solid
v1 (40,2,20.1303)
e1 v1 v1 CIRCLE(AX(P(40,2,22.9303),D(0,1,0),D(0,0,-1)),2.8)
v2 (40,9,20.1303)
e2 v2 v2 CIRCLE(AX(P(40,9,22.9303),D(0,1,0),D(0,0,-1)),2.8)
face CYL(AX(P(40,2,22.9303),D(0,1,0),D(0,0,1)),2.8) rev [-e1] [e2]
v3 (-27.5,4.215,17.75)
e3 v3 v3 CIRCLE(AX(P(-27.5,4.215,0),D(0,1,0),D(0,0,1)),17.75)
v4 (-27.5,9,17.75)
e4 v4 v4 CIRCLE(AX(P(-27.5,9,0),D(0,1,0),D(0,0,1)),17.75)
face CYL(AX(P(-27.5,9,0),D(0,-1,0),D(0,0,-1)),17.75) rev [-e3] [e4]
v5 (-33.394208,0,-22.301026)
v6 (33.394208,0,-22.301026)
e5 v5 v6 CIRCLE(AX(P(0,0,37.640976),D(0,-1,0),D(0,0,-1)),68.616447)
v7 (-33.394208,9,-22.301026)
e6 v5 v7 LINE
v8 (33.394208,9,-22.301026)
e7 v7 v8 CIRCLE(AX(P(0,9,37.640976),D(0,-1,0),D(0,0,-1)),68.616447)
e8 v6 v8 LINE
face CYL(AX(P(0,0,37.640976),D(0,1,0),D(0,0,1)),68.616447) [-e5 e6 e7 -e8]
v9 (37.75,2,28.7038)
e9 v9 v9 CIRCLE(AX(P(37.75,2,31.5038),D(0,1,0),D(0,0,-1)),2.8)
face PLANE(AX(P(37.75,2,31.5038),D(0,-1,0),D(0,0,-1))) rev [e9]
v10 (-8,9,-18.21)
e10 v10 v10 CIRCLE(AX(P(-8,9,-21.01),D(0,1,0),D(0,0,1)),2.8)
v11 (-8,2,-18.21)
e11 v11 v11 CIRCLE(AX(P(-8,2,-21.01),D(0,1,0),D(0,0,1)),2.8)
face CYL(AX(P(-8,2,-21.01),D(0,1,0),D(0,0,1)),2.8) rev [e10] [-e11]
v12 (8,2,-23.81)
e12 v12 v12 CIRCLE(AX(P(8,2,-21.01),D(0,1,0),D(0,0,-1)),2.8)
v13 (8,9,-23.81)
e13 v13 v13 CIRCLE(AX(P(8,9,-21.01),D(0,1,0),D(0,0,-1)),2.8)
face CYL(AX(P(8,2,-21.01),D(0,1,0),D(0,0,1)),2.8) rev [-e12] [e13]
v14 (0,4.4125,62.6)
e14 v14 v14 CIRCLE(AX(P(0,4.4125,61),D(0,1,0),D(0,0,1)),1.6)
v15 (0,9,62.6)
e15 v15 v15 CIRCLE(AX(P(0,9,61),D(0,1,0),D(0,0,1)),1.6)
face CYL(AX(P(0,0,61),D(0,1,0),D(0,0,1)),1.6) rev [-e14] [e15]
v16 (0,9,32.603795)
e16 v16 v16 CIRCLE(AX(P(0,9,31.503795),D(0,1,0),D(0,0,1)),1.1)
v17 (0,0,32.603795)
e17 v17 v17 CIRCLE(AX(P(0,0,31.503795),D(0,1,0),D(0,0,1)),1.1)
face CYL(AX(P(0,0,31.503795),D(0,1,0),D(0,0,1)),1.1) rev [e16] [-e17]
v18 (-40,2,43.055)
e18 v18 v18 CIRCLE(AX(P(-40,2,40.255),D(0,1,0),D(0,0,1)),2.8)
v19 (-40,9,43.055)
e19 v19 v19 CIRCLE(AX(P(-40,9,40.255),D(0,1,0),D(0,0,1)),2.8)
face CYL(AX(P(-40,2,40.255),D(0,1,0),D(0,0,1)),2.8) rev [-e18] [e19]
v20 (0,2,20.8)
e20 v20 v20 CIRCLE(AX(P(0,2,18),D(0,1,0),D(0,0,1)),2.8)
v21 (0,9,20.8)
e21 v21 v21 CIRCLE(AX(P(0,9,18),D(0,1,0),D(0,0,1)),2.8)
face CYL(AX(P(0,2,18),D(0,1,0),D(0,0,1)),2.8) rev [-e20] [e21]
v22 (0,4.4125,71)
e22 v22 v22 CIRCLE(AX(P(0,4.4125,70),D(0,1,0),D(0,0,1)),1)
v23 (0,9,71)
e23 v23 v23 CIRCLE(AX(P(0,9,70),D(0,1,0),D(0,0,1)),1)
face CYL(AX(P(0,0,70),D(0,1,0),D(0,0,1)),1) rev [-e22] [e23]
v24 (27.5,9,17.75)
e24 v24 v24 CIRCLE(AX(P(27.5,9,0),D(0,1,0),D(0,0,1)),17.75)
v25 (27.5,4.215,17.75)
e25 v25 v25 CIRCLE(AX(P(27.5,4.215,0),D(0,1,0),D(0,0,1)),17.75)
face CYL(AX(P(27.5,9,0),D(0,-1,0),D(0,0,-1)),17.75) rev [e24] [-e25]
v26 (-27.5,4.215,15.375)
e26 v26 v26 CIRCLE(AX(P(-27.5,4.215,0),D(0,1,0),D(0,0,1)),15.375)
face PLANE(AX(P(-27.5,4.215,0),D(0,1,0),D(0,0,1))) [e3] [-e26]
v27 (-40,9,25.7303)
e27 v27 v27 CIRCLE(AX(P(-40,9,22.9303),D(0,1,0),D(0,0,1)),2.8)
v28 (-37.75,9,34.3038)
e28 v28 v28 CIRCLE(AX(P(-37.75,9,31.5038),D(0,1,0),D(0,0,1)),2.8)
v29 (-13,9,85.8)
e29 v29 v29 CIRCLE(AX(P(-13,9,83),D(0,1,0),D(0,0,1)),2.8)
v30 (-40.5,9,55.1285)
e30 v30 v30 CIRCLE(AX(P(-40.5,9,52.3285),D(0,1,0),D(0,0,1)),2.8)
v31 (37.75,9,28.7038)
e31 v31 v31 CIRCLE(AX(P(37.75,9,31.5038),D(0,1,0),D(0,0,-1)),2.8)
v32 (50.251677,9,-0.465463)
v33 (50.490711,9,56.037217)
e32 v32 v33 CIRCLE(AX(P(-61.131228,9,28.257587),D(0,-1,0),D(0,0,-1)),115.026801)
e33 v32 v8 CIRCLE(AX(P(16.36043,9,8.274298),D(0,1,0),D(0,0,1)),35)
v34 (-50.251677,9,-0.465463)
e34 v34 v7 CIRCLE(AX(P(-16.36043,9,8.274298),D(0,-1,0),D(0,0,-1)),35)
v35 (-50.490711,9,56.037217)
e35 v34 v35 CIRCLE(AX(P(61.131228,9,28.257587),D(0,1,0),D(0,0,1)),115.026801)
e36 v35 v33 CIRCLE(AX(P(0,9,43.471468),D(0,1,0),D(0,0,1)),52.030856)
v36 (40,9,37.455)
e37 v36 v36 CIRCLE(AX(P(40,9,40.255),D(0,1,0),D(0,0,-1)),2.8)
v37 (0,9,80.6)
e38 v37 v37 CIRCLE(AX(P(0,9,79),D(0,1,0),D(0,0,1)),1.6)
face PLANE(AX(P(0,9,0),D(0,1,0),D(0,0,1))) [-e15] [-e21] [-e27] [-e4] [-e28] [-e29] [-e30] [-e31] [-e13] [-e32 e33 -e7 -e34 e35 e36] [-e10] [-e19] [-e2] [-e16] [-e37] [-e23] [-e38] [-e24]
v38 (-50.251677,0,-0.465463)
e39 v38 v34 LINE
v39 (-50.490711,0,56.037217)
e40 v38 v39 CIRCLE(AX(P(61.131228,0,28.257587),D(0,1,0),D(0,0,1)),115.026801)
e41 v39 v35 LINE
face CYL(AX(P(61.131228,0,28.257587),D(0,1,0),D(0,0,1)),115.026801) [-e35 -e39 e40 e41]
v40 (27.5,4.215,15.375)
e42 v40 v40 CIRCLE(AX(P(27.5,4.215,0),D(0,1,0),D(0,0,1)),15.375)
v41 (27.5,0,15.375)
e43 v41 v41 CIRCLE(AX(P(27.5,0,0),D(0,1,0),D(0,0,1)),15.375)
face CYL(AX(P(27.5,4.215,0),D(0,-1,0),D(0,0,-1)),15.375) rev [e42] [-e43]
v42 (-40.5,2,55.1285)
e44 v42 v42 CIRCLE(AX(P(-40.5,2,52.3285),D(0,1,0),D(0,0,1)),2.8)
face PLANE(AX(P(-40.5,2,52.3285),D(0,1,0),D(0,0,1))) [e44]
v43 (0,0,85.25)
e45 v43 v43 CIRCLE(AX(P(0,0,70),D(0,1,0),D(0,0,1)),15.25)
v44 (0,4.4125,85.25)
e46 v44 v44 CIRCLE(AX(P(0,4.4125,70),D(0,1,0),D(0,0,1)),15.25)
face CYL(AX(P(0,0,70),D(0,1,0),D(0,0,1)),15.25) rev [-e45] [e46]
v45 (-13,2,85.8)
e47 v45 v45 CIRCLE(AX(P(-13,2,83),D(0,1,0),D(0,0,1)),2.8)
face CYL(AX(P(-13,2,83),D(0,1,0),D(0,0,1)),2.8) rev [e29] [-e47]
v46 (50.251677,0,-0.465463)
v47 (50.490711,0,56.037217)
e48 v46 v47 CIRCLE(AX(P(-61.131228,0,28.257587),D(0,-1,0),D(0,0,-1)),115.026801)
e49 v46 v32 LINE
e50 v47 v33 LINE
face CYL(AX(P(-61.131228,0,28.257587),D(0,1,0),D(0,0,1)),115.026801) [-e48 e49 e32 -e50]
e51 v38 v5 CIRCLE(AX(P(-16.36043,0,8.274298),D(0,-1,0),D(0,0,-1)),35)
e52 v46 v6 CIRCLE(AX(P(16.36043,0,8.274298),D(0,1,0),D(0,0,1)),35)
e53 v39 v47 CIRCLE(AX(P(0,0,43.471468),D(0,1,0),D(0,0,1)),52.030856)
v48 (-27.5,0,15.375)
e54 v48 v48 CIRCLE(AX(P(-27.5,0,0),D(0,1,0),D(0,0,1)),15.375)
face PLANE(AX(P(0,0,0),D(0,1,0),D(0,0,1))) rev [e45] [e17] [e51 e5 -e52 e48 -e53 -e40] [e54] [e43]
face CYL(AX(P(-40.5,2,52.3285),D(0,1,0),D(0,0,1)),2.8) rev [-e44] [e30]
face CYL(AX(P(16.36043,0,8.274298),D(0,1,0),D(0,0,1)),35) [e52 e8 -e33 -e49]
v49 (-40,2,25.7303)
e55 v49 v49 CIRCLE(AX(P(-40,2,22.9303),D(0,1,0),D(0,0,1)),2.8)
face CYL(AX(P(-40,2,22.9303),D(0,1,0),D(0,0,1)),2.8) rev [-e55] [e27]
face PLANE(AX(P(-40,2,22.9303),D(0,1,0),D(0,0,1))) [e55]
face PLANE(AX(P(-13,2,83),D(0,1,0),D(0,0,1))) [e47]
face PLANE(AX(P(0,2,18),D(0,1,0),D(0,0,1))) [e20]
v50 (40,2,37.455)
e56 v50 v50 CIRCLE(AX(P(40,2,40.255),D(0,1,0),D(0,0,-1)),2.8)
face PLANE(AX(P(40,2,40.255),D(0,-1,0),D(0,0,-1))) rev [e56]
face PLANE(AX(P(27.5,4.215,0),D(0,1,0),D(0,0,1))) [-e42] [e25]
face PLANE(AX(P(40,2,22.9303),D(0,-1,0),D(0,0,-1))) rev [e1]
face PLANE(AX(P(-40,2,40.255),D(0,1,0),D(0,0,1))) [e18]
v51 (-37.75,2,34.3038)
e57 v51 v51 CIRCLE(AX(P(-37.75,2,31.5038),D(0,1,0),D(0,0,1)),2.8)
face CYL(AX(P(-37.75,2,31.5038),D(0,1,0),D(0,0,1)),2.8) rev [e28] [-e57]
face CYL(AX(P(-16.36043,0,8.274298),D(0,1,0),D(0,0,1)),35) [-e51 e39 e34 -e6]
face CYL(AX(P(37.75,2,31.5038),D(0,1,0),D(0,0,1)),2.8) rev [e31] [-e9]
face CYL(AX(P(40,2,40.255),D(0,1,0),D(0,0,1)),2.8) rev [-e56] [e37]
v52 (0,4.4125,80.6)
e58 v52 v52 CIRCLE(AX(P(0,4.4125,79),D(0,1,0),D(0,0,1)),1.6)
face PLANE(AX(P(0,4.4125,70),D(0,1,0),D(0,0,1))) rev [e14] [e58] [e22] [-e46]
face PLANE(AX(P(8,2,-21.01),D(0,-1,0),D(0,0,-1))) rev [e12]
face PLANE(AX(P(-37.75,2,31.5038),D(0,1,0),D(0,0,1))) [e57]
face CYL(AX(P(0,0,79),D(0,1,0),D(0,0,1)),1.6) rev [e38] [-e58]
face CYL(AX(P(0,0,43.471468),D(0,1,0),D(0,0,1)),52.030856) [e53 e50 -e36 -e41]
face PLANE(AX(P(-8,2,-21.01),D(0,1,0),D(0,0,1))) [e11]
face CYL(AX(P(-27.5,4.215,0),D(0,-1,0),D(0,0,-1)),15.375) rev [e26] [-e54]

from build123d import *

# Parameters (mm, degrees)
SKETCH1_R                     = 20
SKETCH1_R_2                   = 17.75
BOSS_EXTRUDE1_DEPTH           = 9
SKETCH2_R                     = 17.75
SKETCH2_R_2                   = 15.375
BOSS_EXTRUDE3_DEPTH           = 4.215
SKETCH4_R                     = 2.8
M3_TAPPING_INSERT_HOLES_DEPTH = 7
EXTRUDE_THIN2_START           = -9
EXTRUDE_THIN2_DEPTH           = 9
THUMB_KNUCKLE_HOLE_START      = -4.5875
SKETCH7_R                     = 15.25
THUMB_KNUCKLE_HOLE_DEPTH      = 106.441707798
SKETCH8_R                     = 1
SKETCH8_R_2                   = 1.6
THUMB_THROUGH_HOLE_S_DEPTH    = 111.029207798
SKETCH9_R                     = 1.1
CENTER_SCREW_THROUGH_DEPTH    = 111.029207798


with BuildPart() as part:
    # Sketch1 → Boss-Extrude1 (new body)
    # profile 1 of 3: a face of its own
    with BuildSketch(Plane(origin=(0, 0, 0), x_dir=(1, 0, 0), z_dir=(0, 1, 0))):
        with BuildLine():
            ThreePointArc((46.554987721, 6.075149623), (47.262334812, 3.074105201), (47.5, 0))
            ThreePointArc((47.5, 0), (9.667891023, -9.056262443), (39.298411056, 16.149225881))
            ThreePointArc((39.298411056, 16.149225881), (0, 28.975470321), (-39.298411056, 16.149225881))
            ThreePointArc((-39.298411056, 16.149225881), (-18.443737557, 17.832108977), (-7.5, 0))
            ThreePointArc((-7.5, 0), (-30.574105201, -19.762334812), (-46.554987721, 6.075149623))
            ThreePointArc((-46.554987721, 6.075149623), (-51.83640533, -24.60085732), (-48.549912051, -55.554205053))
            ThreePointArc((-48.549912051, -55.554205053), (0, -93.502323139), (48.549912051, -55.554205053))
            ThreePointArc((48.549912051, -55.554205053), (51.83640533, -24.60085732), (46.554987721, 6.075149623))
        make_face()
    # profile 2 of 3: a face of its own
    with BuildSketch(Plane(origin=(0, 0, 0), x_dir=(1, 0, 0), z_dir=(0, 1, 0))):
        with Locations((-27.5, 0)):
            Circle(SKETCH1_R)
        with Locations(Location((-27.5, 0, 0), (0, 0, 270))):
            Circle(SKETCH1_R_2, mode=Mode.SUBTRACT)
    # profile 3 of 3: a face of its own
    with BuildSketch(Plane(origin=(0, 0, 0), x_dir=(1, 0, 0), z_dir=(0, 1, 0))):
        with Locations((27.5, 0)):
            Circle(SKETCH1_R)
        with Locations(Location((27.5, 0, 0), (0, 0, 270))):
            Circle(SKETCH1_R_2, mode=Mode.SUBTRACT)
    extrude(amount=BOSS_EXTRUDE1_DEPTH)

    # Sketch2 → Boss-Extrude3 (add)
    # profile 1 of 2: a face of its own
    with BuildSketch(Plane(origin=(0, 0, 0), x_dir=(1, 0, 0), z_dir=(0, 1, 0))):
        with Locations(Location((-27.5, 0, 0), (0, 0, 270))):
            Circle(SKETCH2_R)
        with Locations(Location((-27.5, 0, 0), (0, 0, 270))):
            Circle(SKETCH2_R_2, mode=Mode.SUBTRACT)
    # profile 2 of 2: a face of its own
    with BuildSketch(Plane(origin=(0, 0, 0), x_dir=(1, 0, 0), z_dir=(0, 1, 0))):
        with Locations(Location((27.5, 0, 0), (0, 0, 270))):
            Circle(SKETCH2_R)
        with Locations(Location((27.5, 0, 0), (0, 0, 270))):
            Circle(SKETCH2_R_2, mode=Mode.SUBTRACT)
    extrude(amount=BOSS_EXTRUDE3_DEPTH)

    # Sketch4 → M3_Tapping_Insert_Holes (cut)
    with BuildSketch(Plane(origin=(0, 9, 0), x_dir=(1, 0, 0), z_dir=(0, 1, 0))):
        with Locations(Location((-8, 21.01, 0), (0, 0, 270))):
            Circle(SKETCH4_R)
        with Locations(Location((0, -18, 0), (0, 0, 270))):
            Circle(SKETCH4_R)
        with Locations(Location((-40, -22.9303, 0), (0, 0, 270))):
            Circle(SKETCH4_R)
        with Locations(Location((-37.75, -31.5038, 0), (0, 0, 270))):
            Circle(SKETCH4_R)
        with Locations(Location((-40, -40.255, 0), (0, 0, 270))):
            Circle(SKETCH4_R)
        with Locations(Location((-40.5, -52.3285, 0), (0, 0, 270))):
            Circle(SKETCH4_R)
        with Locations(Location((-13, -83, 0), (0, 0, 270))):
            Circle(SKETCH4_R)
        with Locations(Location((40, -40.255, 0), (0, 0, 90))):
            Circle(SKETCH4_R)
        with Locations(Location((37.75, -31.5038, 0), (0, 0, 90))):
            Circle(SKETCH4_R)
        with Locations(Location((40, -22.9303, 0), (0, 0, 90))):
            Circle(SKETCH4_R)
        with Locations(Location((8, 21.01, 0), (0, 0, 90))):
            Circle(SKETCH4_R)
    extrude(amount=-M3_TAPPING_INSERT_HOLES_DEPTH, mode=Mode.SUBTRACT)

    # Sketch5 → Extrude-Thin2 (add)
    with BuildSketch(Plane(origin=(0, 9, 0), x_dir=(1, 0, 0), z_dir=(0, 1, 0)).offset(EXTRUDE_THIN2_START)):
        with BuildLine():
            ThreePointArc((-50.490710842, -56.037216511), (-53.894544169, -27.770971196), (-50.251676697, 0.465463106))
            ThreePointArc((-50.251676697, 0.465463106), (-44.064896745, 13.114076138), (-33.394207534, 22.301026099))
            ThreePointArc((-33.394207534, 22.301026099), (0, 30.975470321), (33.394207534, 22.301026099))
            ThreePointArc((33.394207534, 22.301026099), (44.064896745, 13.114076138), (50.251676697, 0.465463106))
            ThreePointArc((50.251676697, 0.465463106), (53.894544169, -27.770971196), (50.490710842, -56.037216511))
            ThreePointArc((50.490710842, -56.037216511), (0, -95.502323157), (-50.490710842, -56.037216511))
        make_face()
        with BuildLine():
            ThreePointArc((-48.549912048, -55.554205085), (-51.894562065, -27.779432105), (-48.315034049, -0.033951806))
            ThreePointArc((-48.315034049, -0.033951806), (-42.481784381, 11.891883339), (-32.420848839, 20.55386473))
            ThreePointArc((-32.420848839, 20.55386473), (0, 28.975470321), (32.420848839, 20.55386473))
            ThreePointArc((32.420848839, 20.55386473), (42.481784381, 11.891883339), (48.315034049, -0.033951806))
            ThreePointArc((48.315034049, -0.033951806), (51.894562065, -27.779432105), (48.549912048, -55.554205085))
            ThreePointArc((48.549912048, -55.554205085), (0, -93.502323157), (-48.549912048, -55.554205085))
        make_face(mode=Mode.SUBTRACT)
    extrude(amount=EXTRUDE_THIN2_DEPTH)

    # Sketch7 → Thumb_Knuckle_Hole (cut, through all)
    with BuildSketch(Plane(origin=(0, 9, 0), x_dir=(1, 0, 0), z_dir=(0, 1, 0)).offset(THUMB_KNUCKLE_HOLE_START)):
        with Locations(Location((0, -70, 0), (0, 0, 270))):
            Circle(SKETCH7_R)
    extrude(amount=-THUMB_KNUCKLE_HOLE_DEPTH, mode=Mode.SUBTRACT)

    # Sketch8 → Thumb_Through_Hole(s) (cut, through all)
    with BuildSketch(Plane(origin=(0, 9, 0), x_dir=(1, 0, 0), z_dir=(0, 1, 0))):
        with Locations(Location((0, -70, 0), (0, 0, 270))):
            Circle(SKETCH8_R)
        with Locations(Location((0, -61, 0), (0, 0, 270))):
            Circle(SKETCH8_R_2)
        with Locations(Location((0, -79, 0), (0, 0, 270))):
            Circle(SKETCH8_R_2)
    extrude(amount=-THUMB_THROUGH_HOLE_S_DEPTH, mode=Mode.SUBTRACT)

    # Sketch9 → Center_Screw_Through (cut, through all)
    with BuildSketch(Plane(origin=(0, 9, 0), x_dir=(1, 0, 0), z_dir=(0, 1, 0))):
        with Locations(Location((0, -31.5037951, 0), (0, 0, 270))):
            Circle(SKETCH9_R)
    extrude(amount=-CENTER_SCREW_THROUGH_DEPTH, mode=Mode.SUBTRACT)


solid = part.part
